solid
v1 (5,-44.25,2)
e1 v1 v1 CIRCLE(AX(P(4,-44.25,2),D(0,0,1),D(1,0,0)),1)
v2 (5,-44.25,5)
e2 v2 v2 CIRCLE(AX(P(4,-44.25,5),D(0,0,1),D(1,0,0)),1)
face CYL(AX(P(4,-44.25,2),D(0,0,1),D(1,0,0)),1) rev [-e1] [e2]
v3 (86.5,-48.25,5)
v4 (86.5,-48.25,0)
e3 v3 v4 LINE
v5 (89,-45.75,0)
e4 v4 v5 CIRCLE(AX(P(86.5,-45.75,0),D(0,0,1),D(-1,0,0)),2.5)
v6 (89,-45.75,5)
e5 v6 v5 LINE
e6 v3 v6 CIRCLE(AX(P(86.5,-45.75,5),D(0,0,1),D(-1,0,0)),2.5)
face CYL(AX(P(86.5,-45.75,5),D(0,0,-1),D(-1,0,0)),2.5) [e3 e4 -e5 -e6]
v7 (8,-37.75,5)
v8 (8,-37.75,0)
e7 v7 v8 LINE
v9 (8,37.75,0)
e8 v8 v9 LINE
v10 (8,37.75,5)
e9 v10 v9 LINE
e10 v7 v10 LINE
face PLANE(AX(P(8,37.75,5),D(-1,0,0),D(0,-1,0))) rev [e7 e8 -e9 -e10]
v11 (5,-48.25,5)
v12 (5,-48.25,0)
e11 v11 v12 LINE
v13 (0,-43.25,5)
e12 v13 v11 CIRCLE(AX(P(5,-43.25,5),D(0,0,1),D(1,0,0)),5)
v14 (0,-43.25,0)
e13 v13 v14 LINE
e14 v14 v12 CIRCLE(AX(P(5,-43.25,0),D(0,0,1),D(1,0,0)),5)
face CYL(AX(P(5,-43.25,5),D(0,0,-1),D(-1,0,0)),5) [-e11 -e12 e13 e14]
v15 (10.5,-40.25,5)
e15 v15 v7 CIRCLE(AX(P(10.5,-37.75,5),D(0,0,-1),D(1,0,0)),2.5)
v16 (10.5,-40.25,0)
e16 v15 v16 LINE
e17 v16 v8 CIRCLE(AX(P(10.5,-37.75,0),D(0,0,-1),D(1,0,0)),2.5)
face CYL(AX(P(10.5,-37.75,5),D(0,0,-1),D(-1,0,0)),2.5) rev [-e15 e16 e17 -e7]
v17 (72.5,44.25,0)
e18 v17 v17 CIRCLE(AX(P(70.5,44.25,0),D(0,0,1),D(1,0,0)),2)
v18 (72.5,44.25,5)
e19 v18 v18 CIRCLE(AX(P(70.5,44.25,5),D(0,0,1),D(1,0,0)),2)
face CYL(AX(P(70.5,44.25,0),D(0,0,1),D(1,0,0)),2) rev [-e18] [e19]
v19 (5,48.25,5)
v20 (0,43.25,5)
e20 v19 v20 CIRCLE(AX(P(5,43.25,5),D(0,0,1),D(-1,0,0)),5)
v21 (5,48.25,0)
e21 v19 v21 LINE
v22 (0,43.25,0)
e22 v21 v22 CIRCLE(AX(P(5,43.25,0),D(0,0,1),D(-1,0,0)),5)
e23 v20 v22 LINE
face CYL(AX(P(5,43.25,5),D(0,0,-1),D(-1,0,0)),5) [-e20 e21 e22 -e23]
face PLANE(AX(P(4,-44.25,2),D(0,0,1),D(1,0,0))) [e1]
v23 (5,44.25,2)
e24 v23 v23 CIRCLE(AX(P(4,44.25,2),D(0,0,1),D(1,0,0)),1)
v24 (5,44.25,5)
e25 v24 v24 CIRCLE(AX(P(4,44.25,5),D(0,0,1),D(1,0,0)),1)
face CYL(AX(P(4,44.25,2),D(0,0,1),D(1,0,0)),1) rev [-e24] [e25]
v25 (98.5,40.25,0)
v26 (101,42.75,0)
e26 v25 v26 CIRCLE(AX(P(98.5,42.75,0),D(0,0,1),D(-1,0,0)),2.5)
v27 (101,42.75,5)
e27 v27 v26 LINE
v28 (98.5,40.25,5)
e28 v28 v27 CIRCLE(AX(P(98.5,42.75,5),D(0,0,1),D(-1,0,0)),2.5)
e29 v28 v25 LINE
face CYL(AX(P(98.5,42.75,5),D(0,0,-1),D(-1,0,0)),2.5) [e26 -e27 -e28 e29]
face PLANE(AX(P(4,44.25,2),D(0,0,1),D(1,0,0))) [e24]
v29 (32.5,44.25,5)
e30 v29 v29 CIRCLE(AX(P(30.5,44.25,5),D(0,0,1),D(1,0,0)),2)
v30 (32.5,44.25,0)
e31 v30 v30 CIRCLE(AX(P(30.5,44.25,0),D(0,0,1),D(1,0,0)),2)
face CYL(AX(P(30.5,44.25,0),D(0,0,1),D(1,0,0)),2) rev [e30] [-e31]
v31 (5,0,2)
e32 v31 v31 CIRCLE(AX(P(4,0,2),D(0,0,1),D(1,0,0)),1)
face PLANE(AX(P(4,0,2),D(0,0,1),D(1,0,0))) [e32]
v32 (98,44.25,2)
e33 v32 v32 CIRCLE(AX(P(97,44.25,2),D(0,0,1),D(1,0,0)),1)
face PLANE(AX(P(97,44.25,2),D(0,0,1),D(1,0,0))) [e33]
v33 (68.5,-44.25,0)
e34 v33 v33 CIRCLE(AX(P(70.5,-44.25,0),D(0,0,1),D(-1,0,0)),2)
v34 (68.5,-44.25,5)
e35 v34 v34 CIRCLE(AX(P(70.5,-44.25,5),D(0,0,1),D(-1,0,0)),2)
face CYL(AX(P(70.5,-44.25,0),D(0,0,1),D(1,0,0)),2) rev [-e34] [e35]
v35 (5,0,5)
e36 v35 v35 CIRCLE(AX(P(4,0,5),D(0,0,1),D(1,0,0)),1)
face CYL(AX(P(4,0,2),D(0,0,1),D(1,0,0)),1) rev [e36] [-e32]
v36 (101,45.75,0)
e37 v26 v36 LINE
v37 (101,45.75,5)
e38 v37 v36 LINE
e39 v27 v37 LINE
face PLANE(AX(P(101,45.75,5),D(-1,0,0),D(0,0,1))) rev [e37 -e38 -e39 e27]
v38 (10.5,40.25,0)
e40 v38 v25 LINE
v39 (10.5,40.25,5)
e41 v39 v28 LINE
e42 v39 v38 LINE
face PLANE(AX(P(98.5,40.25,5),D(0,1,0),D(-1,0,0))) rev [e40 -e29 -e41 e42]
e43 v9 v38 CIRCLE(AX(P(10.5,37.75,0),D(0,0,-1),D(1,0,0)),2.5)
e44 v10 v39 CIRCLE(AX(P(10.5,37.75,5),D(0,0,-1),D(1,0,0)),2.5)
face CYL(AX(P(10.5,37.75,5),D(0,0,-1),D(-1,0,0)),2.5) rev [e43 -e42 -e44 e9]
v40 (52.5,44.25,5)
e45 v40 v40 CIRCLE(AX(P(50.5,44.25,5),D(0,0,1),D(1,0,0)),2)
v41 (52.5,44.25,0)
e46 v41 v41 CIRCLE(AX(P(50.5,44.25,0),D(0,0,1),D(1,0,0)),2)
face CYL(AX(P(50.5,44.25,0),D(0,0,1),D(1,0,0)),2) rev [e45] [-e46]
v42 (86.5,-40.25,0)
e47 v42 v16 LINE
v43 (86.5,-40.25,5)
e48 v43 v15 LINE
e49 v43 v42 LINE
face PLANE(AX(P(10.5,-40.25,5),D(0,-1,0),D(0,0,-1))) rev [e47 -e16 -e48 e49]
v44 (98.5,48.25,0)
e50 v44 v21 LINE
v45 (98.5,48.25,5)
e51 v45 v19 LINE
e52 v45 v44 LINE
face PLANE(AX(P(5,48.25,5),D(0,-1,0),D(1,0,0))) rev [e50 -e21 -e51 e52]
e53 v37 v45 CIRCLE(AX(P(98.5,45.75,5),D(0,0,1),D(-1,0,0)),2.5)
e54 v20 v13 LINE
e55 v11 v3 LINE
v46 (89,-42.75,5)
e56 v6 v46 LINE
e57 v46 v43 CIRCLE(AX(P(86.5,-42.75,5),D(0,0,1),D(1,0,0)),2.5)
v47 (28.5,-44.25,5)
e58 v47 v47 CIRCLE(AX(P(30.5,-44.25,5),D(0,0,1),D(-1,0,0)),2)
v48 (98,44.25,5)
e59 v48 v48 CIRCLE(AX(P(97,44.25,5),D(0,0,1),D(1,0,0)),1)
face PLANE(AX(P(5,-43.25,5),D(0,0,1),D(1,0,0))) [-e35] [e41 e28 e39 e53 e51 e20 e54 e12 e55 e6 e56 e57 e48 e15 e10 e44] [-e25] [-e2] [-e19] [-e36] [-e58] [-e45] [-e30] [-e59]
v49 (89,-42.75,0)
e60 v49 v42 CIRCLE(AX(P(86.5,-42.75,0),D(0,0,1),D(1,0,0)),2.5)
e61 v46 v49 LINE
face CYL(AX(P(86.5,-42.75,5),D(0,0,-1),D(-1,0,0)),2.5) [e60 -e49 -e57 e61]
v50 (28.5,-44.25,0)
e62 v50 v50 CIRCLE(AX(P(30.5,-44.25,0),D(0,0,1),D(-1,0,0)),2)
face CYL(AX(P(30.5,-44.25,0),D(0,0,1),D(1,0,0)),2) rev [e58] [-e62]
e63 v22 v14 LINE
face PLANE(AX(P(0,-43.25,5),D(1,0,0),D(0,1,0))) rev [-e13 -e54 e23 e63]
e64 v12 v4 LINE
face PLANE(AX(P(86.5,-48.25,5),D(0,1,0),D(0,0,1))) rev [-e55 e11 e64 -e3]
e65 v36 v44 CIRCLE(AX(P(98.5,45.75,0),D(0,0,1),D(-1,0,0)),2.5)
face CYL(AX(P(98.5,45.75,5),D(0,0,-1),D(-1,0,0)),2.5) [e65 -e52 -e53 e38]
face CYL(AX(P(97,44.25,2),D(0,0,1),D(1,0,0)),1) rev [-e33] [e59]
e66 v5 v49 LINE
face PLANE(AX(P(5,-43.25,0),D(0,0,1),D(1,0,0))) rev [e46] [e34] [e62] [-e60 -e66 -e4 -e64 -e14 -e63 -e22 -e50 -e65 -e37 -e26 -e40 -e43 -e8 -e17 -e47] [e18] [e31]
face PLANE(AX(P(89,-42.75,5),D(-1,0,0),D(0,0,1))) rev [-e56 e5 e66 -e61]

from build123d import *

# Parameters (mm, degrees)
BOSS_EXTRUDE1_DEPTH = 5
SKETCH4_R           = 2
CUT_EXTRUDE1_DEPTH  = 113.04491287
SKETCH5_R           = 1
CUT_EXTRUDE2_DEPTH  = 3


with BuildPart() as part:
    # Sketch1 → Boss-Extrude1 (new body)
    with BuildSketch(Plane.XY):
        with BuildLine():
            Line((0, -43.25), (0, 43.25))
            ThreePointArc((0, 43.25), (1.464466094, 46.785533906), (5, 48.25))
            Line((5, 48.25), (98.5, 48.25))
            ThreePointArc((98.5, 48.25), (100.267766953, 47.517766953), (101, 45.75))
            Line((101, 45.75), (101, 42.75))
            ThreePointArc((101, 42.75), (100.267766953, 40.982233047), (98.5, 40.25))
            Line((98.5, 40.25), (10.5, 40.25))
            ThreePointArc((10.5, 40.25), (8.732233047, 39.517766953), (8, 37.75))
            Line((8, 37.75), (8, -37.75))
            ThreePointArc((8, -37.75), (8.732233047, -39.517766953), (10.5, -40.25))
            Line((10.5, -40.25), (86.5, -40.25))
            ThreePointArc((86.5, -40.25), (88.267766953, -40.982233047), (89, -42.75))
            Line((89, -42.75), (89, -45.75))
            ThreePointArc((89, -45.75), (88.267766953, -47.517766953), (86.5, -48.25))
            Line((86.5, -48.25), (5, -48.25))
            ThreePointArc((5, -48.25), (1.464466094, -46.785533906), (0, -43.25))
        make_face()
    extrude(amount=BOSS_EXTRUDE1_DEPTH)

    # Sketch4 → Cut-Extrude1 (cut, through all)
    with BuildSketch(Plane.XY.offset(5)):
        with Locations((70.5, 44.25)):
            Circle(SKETCH4_R)
        with Locations((30.5, 44.25)):
            Circle(SKETCH4_R)
        with Locations(Location((70.5, -44.25, 0), (0, 0, 180))):
            Circle(SKETCH4_R)
        with Locations(Location((30.5, -44.25, 0), (0, 0, 180))):
            Circle(SKETCH4_R)
        with Locations((50.5, 44.25)):
            Circle(SKETCH4_R)
    extrude(amount=-CUT_EXTRUDE1_DEPTH, mode=Mode.SUBTRACT)

    # Sketch5 → Cut-Extrude2 (cut)
    with BuildSketch(Plane.XY.offset(5)):
        with Locations((4, 44.25)):
            Circle(SKETCH5_R)
        with Locations((4, 0)):
            Circle(SKETCH5_R)
        with Locations((4, -44.25)):
            Circle(SKETCH5_R)
        with Locations((97, 44.25)):
            Circle(SKETCH5_R)
    extrude(amount=-CUT_EXTRUDE2_DEPTH, mode=Mode.SUBTRACT)


solid = part.part
